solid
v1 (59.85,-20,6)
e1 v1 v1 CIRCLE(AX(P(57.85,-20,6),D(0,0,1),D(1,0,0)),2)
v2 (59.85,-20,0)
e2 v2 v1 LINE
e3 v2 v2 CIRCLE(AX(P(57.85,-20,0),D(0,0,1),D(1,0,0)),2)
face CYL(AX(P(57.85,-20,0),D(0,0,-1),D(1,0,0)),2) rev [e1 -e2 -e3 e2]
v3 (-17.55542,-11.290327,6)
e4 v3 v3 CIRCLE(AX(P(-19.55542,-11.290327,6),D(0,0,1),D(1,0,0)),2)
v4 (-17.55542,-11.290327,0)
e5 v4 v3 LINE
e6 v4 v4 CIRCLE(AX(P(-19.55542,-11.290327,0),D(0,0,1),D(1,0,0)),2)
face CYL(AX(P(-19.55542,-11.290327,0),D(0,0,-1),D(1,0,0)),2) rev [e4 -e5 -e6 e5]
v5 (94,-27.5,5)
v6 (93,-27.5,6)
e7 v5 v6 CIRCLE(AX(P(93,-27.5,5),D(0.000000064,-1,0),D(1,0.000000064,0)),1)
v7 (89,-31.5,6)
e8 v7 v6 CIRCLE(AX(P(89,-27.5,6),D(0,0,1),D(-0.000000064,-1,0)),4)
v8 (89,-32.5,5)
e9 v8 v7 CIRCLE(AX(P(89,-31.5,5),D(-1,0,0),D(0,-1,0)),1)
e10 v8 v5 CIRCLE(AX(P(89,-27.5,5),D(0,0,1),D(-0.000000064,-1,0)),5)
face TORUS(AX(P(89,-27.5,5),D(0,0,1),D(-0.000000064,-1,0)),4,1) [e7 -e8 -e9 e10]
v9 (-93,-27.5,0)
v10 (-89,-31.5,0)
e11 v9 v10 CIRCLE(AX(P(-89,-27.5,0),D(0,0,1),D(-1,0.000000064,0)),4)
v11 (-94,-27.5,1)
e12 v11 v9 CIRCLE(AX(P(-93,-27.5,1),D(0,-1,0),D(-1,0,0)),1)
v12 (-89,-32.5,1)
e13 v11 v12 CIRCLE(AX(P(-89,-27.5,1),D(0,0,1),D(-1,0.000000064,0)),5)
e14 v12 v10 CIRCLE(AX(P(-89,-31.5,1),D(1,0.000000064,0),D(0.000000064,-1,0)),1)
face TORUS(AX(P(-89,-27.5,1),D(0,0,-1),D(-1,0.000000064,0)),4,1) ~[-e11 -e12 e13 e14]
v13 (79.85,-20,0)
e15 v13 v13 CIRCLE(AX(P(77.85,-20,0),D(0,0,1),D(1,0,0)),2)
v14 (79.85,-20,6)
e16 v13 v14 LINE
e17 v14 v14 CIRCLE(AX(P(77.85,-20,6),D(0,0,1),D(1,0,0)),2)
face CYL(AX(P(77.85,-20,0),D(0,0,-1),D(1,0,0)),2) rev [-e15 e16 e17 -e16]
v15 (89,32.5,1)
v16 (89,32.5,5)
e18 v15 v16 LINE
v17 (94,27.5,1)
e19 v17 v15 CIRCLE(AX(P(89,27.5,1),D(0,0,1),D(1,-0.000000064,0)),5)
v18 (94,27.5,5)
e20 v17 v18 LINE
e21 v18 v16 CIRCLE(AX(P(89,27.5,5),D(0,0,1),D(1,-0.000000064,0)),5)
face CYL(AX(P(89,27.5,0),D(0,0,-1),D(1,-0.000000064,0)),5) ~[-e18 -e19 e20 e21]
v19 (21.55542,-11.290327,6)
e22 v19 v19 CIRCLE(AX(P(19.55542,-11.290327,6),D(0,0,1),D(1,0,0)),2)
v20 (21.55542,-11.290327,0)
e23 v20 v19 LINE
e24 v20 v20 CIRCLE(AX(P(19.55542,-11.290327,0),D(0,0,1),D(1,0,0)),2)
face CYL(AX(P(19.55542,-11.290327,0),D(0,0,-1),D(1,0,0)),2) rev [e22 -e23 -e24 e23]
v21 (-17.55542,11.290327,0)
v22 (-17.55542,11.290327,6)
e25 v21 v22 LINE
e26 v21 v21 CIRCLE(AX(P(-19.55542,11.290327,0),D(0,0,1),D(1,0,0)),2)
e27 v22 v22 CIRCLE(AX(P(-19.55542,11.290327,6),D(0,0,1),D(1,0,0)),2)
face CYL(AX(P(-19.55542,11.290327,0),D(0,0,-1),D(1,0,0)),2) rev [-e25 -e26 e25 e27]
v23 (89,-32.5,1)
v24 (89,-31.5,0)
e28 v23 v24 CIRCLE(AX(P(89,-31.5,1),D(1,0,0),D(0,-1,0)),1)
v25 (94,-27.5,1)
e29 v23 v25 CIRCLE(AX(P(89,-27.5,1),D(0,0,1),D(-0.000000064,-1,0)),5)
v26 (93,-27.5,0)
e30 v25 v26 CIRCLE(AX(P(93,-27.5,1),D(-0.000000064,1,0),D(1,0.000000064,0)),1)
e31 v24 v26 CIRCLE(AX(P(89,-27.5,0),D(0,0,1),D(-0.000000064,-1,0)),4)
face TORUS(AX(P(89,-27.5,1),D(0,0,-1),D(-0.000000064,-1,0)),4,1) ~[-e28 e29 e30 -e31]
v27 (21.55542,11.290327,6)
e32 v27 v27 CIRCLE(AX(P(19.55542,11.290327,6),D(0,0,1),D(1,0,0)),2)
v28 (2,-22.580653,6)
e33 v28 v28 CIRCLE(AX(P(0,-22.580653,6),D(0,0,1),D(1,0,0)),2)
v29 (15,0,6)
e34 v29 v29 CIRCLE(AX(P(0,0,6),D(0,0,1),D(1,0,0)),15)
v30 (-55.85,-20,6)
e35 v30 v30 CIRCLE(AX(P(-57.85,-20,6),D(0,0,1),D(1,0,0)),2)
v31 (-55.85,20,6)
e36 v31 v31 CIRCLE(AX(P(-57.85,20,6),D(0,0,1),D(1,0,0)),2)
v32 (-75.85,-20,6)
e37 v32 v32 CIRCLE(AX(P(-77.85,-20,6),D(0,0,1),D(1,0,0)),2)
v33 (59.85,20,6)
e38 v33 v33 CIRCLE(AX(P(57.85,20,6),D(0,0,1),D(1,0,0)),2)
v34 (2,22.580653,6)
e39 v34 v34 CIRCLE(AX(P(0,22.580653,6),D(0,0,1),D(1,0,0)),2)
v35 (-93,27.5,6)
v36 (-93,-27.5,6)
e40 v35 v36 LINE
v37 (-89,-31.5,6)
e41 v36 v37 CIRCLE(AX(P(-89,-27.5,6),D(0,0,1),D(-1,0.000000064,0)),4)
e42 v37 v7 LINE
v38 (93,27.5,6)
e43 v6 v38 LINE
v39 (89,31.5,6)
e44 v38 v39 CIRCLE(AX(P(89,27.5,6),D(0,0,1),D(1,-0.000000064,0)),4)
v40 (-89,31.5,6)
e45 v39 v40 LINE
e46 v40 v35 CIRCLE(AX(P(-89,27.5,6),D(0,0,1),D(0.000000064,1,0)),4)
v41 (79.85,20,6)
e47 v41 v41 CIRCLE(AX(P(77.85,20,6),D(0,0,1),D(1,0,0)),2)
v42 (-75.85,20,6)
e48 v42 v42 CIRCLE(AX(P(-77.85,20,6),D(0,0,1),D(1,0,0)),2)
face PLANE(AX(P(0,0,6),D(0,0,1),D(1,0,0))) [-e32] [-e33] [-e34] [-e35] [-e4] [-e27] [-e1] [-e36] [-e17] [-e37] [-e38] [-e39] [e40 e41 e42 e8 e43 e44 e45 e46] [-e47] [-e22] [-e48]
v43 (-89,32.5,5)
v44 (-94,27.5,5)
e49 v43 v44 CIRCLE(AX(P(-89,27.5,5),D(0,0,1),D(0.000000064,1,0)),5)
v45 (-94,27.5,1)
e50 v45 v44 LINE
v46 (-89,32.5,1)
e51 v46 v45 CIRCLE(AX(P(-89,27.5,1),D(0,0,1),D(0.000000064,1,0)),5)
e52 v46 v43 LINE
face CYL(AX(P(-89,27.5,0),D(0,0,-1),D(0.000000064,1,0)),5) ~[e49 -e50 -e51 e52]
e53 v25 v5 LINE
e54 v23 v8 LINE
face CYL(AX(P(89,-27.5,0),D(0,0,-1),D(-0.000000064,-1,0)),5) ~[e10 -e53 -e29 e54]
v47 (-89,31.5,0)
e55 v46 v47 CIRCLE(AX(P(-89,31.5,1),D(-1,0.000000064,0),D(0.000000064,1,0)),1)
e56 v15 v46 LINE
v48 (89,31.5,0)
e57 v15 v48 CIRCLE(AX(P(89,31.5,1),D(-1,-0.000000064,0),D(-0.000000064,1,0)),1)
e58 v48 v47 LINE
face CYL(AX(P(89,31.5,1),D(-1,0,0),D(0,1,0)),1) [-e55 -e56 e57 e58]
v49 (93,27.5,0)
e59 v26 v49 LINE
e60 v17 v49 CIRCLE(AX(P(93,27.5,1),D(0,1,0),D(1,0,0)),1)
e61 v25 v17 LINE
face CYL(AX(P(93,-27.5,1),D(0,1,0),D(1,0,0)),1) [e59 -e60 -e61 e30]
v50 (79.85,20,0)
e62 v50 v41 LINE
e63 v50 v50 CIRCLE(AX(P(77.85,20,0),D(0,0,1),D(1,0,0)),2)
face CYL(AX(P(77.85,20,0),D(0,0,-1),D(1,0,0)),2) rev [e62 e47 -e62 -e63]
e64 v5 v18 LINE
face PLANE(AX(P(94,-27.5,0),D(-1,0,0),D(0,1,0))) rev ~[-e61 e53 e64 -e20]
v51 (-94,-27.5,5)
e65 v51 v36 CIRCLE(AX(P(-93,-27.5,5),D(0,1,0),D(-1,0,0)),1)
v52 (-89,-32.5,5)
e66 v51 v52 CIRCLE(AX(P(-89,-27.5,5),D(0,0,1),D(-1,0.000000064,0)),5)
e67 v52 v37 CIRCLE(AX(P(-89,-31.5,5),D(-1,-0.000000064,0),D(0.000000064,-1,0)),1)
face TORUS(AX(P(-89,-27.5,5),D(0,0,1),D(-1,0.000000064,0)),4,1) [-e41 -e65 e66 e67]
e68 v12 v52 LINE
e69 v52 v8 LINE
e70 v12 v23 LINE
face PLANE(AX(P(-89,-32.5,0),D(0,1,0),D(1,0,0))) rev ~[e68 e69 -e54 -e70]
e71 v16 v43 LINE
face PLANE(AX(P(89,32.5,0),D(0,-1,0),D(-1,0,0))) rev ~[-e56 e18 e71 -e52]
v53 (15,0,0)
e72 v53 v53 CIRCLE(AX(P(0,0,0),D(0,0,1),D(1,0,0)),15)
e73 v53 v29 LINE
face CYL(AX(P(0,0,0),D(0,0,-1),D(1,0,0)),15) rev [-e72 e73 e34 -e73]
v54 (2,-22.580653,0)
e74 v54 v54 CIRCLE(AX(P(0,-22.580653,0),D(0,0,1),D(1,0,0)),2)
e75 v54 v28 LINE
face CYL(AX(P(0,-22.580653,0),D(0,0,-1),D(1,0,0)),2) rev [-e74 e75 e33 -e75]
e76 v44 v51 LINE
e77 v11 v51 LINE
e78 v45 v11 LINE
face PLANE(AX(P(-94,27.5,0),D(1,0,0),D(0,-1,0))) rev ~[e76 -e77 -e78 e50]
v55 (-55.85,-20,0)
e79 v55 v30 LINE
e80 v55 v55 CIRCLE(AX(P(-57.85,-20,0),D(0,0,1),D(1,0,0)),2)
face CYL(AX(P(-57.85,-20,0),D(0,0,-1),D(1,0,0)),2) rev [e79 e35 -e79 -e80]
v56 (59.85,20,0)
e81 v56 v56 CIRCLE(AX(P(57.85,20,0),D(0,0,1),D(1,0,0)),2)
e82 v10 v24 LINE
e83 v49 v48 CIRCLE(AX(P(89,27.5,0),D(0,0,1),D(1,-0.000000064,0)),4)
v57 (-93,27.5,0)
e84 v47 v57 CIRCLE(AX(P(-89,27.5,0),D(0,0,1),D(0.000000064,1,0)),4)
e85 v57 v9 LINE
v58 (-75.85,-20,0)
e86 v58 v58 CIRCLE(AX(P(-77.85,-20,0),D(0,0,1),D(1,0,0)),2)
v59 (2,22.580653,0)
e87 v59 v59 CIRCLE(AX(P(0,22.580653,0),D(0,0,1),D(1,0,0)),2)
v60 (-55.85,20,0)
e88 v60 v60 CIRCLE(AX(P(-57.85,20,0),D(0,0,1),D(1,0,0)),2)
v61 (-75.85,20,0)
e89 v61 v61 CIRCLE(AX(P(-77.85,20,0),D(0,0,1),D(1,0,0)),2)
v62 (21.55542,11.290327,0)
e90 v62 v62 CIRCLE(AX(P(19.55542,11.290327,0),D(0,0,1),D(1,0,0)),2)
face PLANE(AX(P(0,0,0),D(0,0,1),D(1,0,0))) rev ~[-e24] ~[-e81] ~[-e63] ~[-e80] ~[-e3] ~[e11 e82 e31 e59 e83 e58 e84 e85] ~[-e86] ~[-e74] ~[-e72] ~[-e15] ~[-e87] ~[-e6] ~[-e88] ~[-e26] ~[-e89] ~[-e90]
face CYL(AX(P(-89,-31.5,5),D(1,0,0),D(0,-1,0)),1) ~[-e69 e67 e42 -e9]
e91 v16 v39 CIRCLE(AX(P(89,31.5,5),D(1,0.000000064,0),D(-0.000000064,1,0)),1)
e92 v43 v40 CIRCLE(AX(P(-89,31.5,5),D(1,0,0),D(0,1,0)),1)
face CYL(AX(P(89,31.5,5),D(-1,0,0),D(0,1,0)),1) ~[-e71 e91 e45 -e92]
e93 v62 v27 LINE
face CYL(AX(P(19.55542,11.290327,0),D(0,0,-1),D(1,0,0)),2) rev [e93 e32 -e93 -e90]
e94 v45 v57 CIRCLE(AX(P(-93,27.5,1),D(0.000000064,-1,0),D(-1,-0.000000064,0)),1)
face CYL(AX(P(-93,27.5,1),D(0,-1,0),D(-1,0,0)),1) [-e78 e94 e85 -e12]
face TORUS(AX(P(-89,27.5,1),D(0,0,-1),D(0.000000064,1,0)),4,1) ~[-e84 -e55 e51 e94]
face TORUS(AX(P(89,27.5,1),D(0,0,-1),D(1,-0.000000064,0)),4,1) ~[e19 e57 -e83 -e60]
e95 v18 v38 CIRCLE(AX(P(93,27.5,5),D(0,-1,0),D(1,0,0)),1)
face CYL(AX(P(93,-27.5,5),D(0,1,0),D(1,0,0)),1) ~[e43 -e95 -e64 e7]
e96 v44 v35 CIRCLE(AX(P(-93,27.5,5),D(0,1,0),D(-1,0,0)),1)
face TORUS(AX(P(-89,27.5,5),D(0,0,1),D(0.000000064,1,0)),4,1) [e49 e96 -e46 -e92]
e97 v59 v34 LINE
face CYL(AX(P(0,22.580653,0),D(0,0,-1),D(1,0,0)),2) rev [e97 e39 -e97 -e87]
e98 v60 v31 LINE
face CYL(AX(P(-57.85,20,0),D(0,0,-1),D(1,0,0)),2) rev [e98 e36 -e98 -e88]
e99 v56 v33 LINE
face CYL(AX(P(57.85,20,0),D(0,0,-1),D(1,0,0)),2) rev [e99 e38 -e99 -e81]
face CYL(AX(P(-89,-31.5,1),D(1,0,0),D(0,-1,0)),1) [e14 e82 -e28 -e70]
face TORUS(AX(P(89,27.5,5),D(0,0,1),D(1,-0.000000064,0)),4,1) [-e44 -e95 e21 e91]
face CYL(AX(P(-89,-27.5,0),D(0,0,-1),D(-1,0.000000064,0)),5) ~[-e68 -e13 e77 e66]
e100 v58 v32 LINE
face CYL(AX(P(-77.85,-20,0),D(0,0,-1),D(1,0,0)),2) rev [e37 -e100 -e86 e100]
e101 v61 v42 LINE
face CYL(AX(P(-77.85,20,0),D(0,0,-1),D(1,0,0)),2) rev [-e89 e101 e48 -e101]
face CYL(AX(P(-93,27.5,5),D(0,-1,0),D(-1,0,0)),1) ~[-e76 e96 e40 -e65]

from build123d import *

# Parameters (mm, degrees)
F0_R     = 2
F0_R_2   = 15
F1_DEPTH = 6
F2_R     = 1


with BuildPart() as f1:
    # F0 (on Top) → F1 (new body)
    with BuildSketch(Plane.XY):
        with BuildLine():
            Line((89, 32.5), (-89, 32.5))
            ThreePointArc((-89, 32.5), (-92.535534, 31.035534), (-94, 27.5))
            Line((-94, 27.5), (-94, -27.5))
            ThreePointArc((-94, -27.5), (-92.535534, -31.035534), (-89, -32.5))
            Line((-89, -32.5), (89, -32.5))
            ThreePointArc((89, -32.5), (92.535534, -31.035534), (94, -27.5))
            Line((94, -27.5), (94, 27.5))
            ThreePointArc((94, 27.5), (92.535534, 31.035534), (89, 32.5))
        make_face()
        with Locations((-77.85, -20)):
            Circle(F0_R, mode=Mode.SUBTRACT)
        with Locations((-57.85, -20)):
            Circle(F0_R, mode=Mode.SUBTRACT)
        with Locations((-19.55542, -11.290327)):
            Circle(F0_R, mode=Mode.SUBTRACT)
        with Locations((0, -22.580653)):
            Circle(F0_R, mode=Mode.SUBTRACT)
        with Locations((57.85, -20)):
            Circle(F0_R, mode=Mode.SUBTRACT)
        with Locations((77.85, -20)):
            Circle(F0_R, mode=Mode.SUBTRACT)
        with Locations((19.55542, -11.290327)):
            Circle(F0_R, mode=Mode.SUBTRACT)
        with Locations((-19.55542, 11.290327)):
            Circle(F0_R, mode=Mode.SUBTRACT)
        with Locations((-77.85, 20)):
            Circle(F0_R, mode=Mode.SUBTRACT)
        with Locations((-57.85, 20)):
            Circle(F0_R, mode=Mode.SUBTRACT)
        Circle(F0_R_2, mode=Mode.SUBTRACT)
        with Locations((19.55542, 11.290327)):
            Circle(F0_R, mode=Mode.SUBTRACT)
        with Locations((0, 22.580653)):
            Circle(F0_R, mode=Mode.SUBTRACT)
        with Locations((57.85, 20)):
            Circle(F0_R, mode=Mode.SUBTRACT)
        with Locations((77.85, 20)):
            Circle(F0_R, mode=Mode.SUBTRACT)
    extrude(amount=F1_DEPTH)

    # F2
    f2_edges = [f1.edges().sort_by_distance(p)[0] for p in [
        (-94, 0, 6),
        (-89, 32.5, 3),
        (-94, 27.5, 3),
        (-92.535534, 31.035534, 0),
        (-92.535534, 31.035534, 6),
        (-94, -27.5, 3),
        (-94, 0, 0),
        (-89, -32.5, 3),
        (-92.535534, -31.035534, 0),
        (-92.535534, -31.035534, 6),
        (0, -32.5, 6),
        (0, -32.5, 0),
        (89, -32.5, 3),
        (94, -27.5, 3),
        (92.535534, -31.035534, 0),
        (92.535534, -31.035534, 6),
        (94, 27.5, 3),
        (94, 0, 0),
        (94, 0, 6),
        (89, 32.5, 3),
        (0, 32.5, 0),
        (0, 32.5, 6),
        (92.535534, 31.035534, 0),
        (92.535534, 31.035534, 6),
    ]]
    fillet(f2_edges, radius=F2_R)


solid = f1.part
